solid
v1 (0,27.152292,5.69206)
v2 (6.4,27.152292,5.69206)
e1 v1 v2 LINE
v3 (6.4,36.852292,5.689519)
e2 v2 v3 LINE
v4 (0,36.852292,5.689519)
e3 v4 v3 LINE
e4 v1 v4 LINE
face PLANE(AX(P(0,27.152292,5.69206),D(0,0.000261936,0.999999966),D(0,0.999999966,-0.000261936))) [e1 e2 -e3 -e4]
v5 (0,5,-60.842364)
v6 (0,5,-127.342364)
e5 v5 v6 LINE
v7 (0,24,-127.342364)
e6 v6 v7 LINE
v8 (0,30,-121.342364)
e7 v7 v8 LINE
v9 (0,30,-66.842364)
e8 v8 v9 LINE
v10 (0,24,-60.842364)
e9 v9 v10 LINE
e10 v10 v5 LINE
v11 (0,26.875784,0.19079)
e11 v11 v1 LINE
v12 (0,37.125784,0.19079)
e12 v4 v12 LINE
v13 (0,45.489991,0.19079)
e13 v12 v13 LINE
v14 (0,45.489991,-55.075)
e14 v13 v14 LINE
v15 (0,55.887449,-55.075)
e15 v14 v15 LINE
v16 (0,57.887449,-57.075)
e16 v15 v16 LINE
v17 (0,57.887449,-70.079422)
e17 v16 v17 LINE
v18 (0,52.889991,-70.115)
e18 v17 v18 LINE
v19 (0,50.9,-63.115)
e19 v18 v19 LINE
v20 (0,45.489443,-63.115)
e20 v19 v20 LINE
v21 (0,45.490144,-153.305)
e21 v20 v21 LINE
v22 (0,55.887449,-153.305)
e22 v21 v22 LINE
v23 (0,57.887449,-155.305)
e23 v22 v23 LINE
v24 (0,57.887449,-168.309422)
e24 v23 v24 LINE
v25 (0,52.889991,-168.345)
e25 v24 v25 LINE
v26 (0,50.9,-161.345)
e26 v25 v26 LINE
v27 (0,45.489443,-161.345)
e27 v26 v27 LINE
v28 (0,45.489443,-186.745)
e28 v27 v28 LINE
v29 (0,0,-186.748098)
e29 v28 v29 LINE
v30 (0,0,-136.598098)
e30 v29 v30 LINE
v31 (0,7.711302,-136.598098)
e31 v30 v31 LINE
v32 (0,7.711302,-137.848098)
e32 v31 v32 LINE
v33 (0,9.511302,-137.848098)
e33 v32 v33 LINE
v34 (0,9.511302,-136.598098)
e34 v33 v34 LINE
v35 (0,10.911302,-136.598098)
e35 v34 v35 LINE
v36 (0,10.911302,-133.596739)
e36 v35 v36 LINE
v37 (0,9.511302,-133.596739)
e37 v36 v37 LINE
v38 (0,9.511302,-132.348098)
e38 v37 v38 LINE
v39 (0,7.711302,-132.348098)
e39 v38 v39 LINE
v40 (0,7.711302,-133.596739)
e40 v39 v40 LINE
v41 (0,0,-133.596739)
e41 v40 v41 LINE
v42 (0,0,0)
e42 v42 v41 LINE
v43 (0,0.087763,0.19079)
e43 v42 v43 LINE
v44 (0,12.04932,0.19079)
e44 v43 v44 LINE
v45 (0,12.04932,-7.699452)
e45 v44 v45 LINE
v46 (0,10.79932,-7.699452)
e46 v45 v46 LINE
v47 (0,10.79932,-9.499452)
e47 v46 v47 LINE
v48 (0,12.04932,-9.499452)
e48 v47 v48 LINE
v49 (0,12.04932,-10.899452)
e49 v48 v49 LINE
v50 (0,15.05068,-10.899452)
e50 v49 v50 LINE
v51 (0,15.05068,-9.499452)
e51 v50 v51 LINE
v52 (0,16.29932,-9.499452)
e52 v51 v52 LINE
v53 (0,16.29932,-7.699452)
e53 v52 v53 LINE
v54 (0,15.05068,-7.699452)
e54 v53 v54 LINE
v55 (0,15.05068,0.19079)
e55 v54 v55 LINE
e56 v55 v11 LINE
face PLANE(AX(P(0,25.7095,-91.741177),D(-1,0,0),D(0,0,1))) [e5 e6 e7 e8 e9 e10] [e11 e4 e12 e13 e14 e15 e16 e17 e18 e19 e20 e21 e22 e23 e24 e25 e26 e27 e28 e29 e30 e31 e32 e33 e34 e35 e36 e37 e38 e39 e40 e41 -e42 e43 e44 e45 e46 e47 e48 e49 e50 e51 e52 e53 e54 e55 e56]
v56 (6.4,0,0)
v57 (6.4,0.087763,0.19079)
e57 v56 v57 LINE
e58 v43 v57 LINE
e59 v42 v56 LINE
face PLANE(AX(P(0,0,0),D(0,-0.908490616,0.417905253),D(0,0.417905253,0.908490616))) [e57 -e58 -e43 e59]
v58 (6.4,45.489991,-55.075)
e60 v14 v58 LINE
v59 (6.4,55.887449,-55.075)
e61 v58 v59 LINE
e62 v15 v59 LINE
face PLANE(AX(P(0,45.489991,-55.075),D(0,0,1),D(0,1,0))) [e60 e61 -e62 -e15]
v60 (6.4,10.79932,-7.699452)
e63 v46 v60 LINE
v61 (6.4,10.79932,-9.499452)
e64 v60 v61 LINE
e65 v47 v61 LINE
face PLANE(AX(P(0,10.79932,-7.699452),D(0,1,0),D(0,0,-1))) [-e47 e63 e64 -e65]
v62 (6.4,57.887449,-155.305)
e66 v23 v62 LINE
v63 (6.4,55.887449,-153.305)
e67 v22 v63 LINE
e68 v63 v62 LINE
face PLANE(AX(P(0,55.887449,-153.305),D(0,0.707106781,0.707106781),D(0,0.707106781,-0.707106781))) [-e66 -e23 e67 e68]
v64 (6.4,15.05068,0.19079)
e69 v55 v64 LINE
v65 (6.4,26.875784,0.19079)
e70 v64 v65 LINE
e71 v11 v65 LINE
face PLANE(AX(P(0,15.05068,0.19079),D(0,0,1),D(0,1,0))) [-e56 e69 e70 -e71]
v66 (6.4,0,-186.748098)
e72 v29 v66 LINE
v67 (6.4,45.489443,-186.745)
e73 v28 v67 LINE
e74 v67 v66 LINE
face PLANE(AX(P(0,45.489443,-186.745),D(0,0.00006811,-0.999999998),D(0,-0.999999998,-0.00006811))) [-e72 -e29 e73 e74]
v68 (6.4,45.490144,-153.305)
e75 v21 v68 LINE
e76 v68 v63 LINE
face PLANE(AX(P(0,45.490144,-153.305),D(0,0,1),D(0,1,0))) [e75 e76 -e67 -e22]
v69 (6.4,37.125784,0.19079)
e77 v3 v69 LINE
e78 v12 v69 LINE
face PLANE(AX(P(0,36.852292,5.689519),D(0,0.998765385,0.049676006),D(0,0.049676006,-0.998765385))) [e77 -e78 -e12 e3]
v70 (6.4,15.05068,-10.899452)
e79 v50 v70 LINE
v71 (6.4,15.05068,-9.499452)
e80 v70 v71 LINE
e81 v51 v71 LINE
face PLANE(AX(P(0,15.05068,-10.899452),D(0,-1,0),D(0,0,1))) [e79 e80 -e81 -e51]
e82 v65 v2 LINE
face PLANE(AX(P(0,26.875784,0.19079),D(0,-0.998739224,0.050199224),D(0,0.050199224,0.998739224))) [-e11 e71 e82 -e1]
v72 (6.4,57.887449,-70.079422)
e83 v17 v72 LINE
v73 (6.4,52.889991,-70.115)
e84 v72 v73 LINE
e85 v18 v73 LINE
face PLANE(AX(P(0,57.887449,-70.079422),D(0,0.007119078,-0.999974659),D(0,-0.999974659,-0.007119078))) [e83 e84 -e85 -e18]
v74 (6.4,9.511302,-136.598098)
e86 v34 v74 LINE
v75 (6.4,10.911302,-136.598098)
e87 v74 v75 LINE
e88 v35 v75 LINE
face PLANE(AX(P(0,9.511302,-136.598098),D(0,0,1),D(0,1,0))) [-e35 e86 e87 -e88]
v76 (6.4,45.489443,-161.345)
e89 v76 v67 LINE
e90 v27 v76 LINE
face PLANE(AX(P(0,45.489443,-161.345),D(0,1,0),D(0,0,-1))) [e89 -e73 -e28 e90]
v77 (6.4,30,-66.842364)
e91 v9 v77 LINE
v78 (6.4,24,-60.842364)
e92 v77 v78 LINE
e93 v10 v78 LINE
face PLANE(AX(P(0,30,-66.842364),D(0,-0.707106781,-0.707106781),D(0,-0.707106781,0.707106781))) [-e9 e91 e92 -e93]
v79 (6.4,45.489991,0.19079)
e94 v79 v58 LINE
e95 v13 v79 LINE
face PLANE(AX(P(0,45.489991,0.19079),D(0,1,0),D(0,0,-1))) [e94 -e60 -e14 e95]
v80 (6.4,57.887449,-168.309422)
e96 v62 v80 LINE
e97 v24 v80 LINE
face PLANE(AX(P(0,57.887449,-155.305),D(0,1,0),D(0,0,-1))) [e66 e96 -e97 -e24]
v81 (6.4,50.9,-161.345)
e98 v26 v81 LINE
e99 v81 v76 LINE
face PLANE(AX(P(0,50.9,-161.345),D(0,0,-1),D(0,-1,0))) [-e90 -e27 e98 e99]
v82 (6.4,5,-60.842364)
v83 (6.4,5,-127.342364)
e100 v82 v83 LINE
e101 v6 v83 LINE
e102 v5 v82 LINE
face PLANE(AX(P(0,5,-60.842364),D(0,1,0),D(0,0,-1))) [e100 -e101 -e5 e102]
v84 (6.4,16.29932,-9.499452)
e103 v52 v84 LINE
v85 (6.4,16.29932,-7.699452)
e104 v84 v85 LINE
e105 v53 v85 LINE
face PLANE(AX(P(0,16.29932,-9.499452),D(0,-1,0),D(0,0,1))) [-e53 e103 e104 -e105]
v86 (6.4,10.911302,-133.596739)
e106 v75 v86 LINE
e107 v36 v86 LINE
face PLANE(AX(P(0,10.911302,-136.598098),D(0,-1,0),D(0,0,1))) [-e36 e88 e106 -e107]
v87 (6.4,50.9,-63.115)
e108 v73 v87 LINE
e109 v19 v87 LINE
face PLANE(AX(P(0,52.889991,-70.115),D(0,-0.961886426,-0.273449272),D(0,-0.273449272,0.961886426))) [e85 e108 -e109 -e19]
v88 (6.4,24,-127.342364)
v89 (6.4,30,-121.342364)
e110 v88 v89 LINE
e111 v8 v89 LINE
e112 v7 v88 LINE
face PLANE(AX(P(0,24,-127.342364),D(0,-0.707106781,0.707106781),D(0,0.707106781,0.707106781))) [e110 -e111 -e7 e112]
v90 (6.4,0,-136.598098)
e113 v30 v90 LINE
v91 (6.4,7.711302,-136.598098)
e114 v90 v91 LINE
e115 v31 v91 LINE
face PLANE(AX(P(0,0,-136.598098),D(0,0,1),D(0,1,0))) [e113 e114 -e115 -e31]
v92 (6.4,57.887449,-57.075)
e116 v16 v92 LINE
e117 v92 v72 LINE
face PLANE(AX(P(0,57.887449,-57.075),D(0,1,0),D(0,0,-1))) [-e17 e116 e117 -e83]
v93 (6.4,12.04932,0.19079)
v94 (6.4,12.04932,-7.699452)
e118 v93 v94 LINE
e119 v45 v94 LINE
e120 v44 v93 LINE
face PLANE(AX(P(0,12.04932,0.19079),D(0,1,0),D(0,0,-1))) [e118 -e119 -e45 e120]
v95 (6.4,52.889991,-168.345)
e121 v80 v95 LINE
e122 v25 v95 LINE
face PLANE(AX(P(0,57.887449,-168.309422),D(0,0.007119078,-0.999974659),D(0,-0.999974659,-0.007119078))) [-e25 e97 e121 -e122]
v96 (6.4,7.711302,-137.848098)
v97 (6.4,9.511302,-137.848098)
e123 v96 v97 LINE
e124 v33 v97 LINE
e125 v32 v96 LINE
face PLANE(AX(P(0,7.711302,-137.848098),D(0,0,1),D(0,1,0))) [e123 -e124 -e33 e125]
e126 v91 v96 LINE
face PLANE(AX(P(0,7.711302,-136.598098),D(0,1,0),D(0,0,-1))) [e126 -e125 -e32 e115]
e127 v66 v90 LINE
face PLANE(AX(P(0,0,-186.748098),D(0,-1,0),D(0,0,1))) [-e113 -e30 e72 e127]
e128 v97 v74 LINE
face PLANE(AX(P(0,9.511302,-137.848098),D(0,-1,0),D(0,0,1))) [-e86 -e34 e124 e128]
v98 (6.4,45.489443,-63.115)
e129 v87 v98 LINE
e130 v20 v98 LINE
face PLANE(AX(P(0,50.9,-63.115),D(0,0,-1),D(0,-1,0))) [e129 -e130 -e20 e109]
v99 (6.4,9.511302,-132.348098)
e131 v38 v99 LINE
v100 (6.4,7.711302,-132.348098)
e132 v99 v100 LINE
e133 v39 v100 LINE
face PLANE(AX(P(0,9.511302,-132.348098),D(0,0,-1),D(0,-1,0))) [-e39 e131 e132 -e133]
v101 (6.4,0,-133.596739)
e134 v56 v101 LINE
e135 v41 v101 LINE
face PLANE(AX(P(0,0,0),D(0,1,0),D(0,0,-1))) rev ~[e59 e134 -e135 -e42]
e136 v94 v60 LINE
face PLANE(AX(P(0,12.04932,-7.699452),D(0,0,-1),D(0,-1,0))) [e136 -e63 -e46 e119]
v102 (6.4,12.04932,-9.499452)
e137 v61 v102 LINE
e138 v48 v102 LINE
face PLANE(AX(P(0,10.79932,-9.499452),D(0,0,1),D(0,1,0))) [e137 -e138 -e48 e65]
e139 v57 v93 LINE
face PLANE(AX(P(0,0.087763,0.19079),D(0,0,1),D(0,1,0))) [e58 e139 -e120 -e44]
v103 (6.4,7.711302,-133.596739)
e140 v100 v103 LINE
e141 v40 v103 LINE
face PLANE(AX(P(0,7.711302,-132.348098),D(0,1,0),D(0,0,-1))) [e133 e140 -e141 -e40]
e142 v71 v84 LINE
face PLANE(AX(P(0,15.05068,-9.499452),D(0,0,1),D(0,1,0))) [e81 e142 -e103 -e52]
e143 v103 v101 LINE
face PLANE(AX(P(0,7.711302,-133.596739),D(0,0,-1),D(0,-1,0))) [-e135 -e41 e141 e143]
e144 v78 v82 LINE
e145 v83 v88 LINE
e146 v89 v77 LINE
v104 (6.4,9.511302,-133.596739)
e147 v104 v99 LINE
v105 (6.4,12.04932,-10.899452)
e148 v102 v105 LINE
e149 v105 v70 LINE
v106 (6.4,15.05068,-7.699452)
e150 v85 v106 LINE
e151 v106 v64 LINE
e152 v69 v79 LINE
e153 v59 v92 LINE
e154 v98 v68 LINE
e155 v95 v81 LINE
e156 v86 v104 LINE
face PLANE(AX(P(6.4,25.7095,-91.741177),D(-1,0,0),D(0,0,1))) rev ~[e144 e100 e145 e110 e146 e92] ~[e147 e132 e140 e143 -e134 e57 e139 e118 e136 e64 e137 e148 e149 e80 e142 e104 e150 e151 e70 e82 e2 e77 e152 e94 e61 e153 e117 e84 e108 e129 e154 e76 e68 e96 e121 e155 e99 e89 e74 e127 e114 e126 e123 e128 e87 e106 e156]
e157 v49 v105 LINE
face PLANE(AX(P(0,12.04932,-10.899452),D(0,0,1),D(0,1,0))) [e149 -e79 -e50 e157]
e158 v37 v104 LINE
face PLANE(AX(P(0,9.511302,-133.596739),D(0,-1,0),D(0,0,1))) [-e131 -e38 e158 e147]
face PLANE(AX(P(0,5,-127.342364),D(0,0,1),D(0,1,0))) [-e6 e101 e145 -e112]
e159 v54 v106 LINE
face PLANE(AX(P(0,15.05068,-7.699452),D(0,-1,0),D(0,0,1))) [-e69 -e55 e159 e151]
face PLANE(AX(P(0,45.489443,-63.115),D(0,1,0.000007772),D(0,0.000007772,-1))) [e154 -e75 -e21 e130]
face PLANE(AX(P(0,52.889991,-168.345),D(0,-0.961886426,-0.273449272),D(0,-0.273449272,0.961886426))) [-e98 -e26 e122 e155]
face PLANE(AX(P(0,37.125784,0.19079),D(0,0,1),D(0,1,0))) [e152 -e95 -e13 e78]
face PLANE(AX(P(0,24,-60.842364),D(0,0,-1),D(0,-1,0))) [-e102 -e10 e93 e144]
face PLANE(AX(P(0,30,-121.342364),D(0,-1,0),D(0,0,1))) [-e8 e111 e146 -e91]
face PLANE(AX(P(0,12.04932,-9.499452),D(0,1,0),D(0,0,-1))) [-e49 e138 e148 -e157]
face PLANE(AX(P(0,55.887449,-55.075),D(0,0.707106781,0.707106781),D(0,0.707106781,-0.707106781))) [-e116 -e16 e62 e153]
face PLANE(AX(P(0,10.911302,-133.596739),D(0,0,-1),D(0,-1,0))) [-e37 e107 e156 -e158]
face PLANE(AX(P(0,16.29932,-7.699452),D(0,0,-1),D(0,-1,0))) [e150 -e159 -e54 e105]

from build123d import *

# Parameters (mm, degrees)
BOSS_EXTRUDE1_DEPTH = 6.4


with BuildPart() as part:
    # Sketch1 → Boss-Extrude1 (new body)
    with BuildSketch(Plane(origin=(0, 0, 0), x_dir=(0, 0, -1), z_dir=(1, 0, 0))):
        Polygon((7.699451661, 16.299320413), (7.699451661, 15.050679587), (-0.190789953, 15.050679587), (-0.190789953, 26.875784077), (-5.692060153, 27.152292188), (-5.689519376, 36.852291855), (-0.190789953, 37.125784431), (-0.190789953, 45.489990555), (55.075, 45.489990555), (55.075, 55.887449255), (57.075, 57.887449255), (70.079421798, 57.887449255), (70.115, 52.889990555), (63.115, 50.9), (63.115, 45.489442951), (153.305, 45.490143945), (153.305, 55.887449255), (155.305, 57.887449255), (168.309421798, 57.887449255), (168.345, 52.889990555), (161.345, 50.9), (161.345, 45.489442951), (186.745000058, 45.489442951), (186.748098344, 0), (136.598098344, 0), (136.598098344, 7.7113021), (137.848098344, 7.7113021), (137.848098344, 9.5113021), (136.598098344, 9.5113021), (136.598098344, 10.9113021), (133.59673917, 10.9113021), (133.59673917, 9.5113021), (132.348098344, 9.5113021), (132.348098344, 7.7113021), (133.59673917, 7.7113021), (133.59673917, 0), (118.842364298, 0), (73.842364298, 0), (0, 0), (-0.190789953, 0.087763288), (-0.190789953, 12.049320413), (7.699451661, 12.049320413), (7.699451661, 10.799320413), (9.499451661, 10.799320413), (9.499451661, 12.049320413), (10.899451661, 12.049320413), (10.899451661, 15.050679587), (9.499451661, 15.050679587), (9.499451661, 16.299320413), align=None)
        Polygon((60.842364298, 5), (127.342364298, 5), (127.342364298, 24), (121.342364298, 30), (66.842364298, 30), (60.842364298, 24), align=None, mode=Mode.SUBTRACT)
    extrude(amount=BOSS_EXTRUDE1_DEPTH)


solid = part.part
